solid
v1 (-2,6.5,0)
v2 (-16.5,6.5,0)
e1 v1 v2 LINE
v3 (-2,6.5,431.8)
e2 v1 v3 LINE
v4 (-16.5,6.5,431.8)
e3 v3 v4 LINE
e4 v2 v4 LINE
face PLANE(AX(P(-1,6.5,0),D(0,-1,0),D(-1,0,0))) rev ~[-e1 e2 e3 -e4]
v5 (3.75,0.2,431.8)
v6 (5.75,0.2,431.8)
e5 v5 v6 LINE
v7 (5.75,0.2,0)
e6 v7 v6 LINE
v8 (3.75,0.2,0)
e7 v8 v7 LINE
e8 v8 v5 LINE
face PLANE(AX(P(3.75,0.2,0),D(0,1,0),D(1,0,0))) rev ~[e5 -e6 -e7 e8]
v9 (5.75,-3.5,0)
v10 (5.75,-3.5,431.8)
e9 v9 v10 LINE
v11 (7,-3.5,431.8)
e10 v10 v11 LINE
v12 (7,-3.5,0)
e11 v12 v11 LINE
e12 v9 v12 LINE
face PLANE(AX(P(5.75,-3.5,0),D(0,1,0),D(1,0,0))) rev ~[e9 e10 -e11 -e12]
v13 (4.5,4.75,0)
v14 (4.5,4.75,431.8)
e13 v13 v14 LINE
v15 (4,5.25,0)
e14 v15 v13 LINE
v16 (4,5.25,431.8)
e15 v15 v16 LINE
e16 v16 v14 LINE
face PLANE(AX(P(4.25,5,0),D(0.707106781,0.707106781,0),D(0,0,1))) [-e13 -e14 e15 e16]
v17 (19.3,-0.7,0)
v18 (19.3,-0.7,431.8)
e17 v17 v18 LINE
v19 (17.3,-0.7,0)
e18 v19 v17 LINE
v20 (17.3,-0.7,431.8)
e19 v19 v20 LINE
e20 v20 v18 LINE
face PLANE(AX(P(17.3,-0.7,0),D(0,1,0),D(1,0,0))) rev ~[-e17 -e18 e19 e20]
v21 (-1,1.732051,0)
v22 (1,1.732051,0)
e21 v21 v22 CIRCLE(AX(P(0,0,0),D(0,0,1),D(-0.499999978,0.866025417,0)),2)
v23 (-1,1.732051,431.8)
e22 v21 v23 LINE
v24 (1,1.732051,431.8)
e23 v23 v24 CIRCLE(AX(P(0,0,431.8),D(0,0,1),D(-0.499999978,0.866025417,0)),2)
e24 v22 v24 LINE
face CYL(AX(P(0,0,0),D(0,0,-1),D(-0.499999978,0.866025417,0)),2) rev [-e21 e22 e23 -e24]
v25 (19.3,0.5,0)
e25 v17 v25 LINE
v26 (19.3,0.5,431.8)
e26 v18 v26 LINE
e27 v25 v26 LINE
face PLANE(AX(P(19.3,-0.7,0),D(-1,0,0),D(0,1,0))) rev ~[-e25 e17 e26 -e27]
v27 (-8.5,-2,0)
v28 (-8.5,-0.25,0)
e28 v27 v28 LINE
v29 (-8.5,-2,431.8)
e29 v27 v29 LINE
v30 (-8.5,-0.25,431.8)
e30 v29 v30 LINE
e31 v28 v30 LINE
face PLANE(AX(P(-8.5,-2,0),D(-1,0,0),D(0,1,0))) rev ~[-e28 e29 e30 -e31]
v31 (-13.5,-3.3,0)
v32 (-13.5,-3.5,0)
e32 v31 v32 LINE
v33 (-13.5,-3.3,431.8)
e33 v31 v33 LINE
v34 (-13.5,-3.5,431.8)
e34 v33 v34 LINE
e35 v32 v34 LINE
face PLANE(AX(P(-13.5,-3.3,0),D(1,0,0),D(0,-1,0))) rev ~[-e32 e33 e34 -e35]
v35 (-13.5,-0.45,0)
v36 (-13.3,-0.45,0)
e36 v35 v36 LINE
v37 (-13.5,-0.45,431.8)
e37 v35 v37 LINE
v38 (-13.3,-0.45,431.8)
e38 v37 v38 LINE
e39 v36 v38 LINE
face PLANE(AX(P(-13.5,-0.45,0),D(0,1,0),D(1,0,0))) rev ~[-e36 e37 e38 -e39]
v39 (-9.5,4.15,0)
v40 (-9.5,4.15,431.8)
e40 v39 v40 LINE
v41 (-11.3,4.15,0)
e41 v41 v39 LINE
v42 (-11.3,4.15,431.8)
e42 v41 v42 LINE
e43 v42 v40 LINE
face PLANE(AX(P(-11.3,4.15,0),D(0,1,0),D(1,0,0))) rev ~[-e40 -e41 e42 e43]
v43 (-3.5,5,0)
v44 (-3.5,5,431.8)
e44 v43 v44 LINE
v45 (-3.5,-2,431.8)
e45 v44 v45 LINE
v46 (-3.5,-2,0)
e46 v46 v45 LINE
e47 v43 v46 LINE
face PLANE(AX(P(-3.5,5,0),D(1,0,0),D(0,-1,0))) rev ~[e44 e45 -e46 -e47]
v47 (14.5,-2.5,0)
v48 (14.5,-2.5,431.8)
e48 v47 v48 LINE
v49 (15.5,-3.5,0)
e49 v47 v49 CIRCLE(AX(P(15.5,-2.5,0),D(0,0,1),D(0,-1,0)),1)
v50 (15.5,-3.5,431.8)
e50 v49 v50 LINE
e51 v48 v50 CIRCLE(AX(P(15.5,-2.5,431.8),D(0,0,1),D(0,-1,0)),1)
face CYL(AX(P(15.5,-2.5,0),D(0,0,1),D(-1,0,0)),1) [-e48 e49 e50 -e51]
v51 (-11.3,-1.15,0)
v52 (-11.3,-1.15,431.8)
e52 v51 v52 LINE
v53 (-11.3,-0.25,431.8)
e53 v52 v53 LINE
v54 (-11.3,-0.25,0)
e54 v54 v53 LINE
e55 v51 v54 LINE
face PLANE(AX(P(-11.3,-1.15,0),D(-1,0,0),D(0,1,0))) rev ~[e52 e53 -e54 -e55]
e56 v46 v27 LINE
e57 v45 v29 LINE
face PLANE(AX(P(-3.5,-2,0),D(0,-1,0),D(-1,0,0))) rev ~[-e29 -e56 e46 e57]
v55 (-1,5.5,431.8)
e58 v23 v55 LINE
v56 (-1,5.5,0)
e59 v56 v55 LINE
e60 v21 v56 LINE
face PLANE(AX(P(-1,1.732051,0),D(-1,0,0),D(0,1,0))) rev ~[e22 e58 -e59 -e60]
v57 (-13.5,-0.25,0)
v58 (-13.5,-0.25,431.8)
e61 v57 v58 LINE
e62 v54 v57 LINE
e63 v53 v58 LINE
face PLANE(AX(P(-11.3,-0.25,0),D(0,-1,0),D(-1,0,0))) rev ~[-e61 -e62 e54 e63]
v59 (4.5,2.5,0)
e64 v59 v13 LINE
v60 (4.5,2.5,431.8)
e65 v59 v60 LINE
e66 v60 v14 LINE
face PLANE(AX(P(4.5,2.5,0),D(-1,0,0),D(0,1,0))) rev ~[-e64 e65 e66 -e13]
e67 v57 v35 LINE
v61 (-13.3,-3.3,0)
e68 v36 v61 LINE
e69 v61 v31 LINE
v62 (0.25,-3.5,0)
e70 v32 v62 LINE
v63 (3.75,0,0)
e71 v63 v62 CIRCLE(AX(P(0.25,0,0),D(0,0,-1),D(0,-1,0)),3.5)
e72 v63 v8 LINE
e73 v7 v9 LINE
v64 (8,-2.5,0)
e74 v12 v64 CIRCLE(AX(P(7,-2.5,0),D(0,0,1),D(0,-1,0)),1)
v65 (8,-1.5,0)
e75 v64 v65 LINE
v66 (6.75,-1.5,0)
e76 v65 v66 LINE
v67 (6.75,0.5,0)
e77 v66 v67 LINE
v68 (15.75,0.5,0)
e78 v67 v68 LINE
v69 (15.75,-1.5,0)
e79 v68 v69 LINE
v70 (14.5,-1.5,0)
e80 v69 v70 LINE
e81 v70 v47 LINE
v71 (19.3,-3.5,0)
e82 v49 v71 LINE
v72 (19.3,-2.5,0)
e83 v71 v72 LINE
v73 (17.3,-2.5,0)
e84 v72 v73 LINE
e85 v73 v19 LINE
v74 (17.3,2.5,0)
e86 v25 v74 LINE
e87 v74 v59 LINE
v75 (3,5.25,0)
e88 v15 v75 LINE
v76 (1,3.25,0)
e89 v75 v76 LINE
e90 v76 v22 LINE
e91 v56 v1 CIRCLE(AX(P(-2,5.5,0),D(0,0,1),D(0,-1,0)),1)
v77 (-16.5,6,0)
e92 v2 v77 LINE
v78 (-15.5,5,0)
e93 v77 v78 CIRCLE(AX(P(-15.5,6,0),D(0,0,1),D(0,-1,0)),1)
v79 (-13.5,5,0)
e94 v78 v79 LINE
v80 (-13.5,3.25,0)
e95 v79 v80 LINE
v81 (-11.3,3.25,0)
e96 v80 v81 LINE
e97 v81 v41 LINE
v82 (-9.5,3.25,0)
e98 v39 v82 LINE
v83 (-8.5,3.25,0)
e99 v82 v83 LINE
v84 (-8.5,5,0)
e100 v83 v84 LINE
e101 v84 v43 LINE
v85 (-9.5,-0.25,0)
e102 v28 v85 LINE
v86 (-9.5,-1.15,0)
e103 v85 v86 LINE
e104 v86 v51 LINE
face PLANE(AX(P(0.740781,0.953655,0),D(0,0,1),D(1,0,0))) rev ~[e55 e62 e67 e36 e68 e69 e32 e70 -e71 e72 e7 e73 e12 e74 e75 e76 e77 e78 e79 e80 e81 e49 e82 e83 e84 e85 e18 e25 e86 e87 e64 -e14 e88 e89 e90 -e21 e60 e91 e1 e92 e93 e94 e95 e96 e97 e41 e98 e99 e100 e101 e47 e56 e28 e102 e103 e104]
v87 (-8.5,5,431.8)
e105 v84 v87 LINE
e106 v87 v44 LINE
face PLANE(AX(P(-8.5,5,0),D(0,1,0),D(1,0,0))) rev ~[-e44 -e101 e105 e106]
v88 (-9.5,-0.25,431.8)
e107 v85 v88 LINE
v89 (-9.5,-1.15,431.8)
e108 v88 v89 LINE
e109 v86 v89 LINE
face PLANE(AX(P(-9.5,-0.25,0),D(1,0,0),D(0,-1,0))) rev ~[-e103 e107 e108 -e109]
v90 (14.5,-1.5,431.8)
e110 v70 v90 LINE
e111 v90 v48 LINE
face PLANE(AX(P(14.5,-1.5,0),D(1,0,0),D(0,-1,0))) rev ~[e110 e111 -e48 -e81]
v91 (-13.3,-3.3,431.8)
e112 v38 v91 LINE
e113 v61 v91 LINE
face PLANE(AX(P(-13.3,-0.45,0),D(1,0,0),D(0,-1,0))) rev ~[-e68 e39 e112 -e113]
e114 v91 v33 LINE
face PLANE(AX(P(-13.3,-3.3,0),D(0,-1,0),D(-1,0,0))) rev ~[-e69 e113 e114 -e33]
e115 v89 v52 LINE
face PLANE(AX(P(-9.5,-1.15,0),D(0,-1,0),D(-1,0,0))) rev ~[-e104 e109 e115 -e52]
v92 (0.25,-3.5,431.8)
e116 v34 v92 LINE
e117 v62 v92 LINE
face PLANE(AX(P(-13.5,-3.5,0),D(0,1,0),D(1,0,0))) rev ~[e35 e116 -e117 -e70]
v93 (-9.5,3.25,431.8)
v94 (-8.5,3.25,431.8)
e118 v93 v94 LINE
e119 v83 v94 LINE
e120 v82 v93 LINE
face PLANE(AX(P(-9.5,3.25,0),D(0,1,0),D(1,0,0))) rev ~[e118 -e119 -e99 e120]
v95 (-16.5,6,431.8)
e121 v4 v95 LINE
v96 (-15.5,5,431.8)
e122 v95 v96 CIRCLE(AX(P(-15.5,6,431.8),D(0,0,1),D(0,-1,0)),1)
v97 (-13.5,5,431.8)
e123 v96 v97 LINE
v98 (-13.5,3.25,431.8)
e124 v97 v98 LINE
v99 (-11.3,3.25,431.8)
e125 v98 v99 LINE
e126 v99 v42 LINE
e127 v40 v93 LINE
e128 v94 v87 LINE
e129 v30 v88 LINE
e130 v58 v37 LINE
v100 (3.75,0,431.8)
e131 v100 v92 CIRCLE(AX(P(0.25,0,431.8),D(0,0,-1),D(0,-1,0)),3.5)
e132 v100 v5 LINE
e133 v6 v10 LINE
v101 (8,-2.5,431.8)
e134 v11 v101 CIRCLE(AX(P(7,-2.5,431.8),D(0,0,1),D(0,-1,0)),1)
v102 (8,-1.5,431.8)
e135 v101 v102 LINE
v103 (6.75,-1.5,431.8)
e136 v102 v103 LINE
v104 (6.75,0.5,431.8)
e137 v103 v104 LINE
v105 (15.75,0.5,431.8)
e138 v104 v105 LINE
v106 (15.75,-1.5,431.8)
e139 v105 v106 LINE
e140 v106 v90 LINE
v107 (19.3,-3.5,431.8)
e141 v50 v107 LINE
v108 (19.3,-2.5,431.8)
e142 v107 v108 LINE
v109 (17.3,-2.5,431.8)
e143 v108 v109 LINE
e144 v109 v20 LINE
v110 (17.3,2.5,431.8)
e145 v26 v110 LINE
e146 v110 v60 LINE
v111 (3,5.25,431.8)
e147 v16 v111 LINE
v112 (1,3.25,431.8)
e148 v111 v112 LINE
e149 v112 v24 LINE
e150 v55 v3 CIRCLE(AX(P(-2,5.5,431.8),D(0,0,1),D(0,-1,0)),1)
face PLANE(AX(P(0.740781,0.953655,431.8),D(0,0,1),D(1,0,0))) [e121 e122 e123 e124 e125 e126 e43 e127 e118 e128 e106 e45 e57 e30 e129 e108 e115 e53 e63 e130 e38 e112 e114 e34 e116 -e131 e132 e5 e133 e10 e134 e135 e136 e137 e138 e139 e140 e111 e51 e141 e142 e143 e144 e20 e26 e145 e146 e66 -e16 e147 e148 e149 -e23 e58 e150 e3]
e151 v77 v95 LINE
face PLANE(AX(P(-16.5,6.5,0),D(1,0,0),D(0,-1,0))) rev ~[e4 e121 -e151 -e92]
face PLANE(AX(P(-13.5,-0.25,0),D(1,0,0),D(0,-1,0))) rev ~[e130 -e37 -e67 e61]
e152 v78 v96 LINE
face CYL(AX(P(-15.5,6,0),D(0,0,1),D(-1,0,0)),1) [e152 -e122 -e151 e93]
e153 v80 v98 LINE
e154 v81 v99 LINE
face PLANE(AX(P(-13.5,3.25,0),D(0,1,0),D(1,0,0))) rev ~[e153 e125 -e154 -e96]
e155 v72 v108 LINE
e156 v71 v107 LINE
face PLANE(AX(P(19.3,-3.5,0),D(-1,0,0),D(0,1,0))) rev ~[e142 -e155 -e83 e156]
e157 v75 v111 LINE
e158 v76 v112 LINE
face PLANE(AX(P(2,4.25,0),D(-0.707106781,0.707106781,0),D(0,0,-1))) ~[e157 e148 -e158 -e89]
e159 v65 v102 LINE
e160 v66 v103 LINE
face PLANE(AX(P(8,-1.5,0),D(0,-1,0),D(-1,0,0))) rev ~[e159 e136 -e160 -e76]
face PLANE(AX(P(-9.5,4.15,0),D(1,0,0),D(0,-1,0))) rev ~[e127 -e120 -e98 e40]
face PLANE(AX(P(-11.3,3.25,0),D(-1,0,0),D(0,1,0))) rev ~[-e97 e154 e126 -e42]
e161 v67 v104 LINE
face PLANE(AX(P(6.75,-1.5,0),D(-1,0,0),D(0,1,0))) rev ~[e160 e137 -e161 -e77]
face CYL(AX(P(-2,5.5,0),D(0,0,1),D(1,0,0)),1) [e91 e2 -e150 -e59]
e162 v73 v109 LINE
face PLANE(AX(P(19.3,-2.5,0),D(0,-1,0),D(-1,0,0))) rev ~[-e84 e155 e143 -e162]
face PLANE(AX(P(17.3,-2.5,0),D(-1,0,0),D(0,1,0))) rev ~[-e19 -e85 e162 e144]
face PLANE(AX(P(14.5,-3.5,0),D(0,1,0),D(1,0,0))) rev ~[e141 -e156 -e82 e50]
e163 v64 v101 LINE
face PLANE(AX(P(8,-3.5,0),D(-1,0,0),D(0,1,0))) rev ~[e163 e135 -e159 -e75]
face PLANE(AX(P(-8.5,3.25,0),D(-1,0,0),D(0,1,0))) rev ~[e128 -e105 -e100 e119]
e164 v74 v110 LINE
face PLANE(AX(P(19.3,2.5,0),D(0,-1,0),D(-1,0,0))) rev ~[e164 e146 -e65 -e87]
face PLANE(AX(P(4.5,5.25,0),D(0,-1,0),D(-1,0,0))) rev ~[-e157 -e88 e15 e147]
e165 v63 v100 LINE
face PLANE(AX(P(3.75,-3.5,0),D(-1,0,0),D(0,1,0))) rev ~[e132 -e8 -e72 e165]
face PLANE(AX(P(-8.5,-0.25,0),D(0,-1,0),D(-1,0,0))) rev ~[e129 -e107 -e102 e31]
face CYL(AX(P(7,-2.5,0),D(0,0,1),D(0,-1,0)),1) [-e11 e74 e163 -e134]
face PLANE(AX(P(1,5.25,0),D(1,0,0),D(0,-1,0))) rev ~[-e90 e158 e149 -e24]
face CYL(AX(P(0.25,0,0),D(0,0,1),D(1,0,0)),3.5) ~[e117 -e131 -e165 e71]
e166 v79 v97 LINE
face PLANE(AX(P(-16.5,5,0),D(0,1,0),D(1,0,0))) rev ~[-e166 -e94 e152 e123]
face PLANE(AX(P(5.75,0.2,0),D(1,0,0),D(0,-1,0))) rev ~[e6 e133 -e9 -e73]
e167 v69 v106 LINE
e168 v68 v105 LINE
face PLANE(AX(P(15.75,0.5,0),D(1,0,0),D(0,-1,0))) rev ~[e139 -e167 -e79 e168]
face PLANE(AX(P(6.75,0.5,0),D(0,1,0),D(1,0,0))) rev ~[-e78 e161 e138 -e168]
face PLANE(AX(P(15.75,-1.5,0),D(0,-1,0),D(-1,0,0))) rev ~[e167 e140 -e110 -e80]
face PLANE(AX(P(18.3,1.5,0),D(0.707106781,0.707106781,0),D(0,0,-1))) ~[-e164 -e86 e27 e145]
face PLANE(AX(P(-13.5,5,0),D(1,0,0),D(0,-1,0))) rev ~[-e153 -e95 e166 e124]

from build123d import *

# Parameters (mm, degrees)
PAD_DEPTH       = 431.8
FILLET_R        = 1
CHAMFER_SIZE    = 0.5
CHAMFER001_SIZE = 2
FILLET001_R     = 3.5
FILLET002_R     = 1
CHAMFER002_SIZE = 2
FILLET003_R     = 1


with BuildPart() as part:
    # Sketch → Pad (new body)
    with BuildSketch(Plane.XY):
        with BuildLine():
            Line((-13.5, -3.5), (3.75, -3.5))
            Line((3.75, -3.5), (3.75, 0.2))
            Line((3.75, 0.2), (5.75, 0.2))
            Line((5.75, 0.2), (5.75, -3.5))
            Line((5.75, -3.5), (8, -3.5))
            Line((8, -3.5), (8, -1.5))
            Line((8, -1.5), (6.75, -1.5))
            Line((6.75, -1.5), (6.75, 0.5))
            Line((6.75, 0.5), (15.75, 0.5))
            Line((15.75, 0.5), (15.75, -1.5))
            Line((15.75, -1.5), (14.5, -1.5))
            Line((14.5, -1.5), (14.5, -3.5))
            Line((14.5, -3.5), (19.3, -3.5))
            Line((19.3, -3.5), (19.3, -2.5))
            Line((19.3, -2.5), (17.3, -2.5))
            Line((17.3, -2.5), (17.3, -0.7))
            Line((17.3, -0.7), (19.3, -0.7))
            Line((19.3, -0.7), (19.3, 2.5))
            Line((19.3, 2.5), (4.5, 2.5))
            Line((4.5, 2.5), (4.5, 5.25))
            Line((4.5, 5.25), (1, 5.25))
            Line((1, 5.25), (1, 1.732051))
            ThreePointArc((-1, 1.732051), (0, -2), (1, 1.732051))
            Line((-1, 1.732051), (-1, 6.5))
            Line((-1, 6.5), (-16.5, 6.5))
            Line((-16.5, 6.5), (-16.5, 5))
            Line((-16.5, 5), (-13.5, 5))
            Line((-13.5, 5), (-13.5, 3.25))
            Line((-13.5, 3.25), (-11.3, 3.25))
            Line((-11.3, 3.25), (-11.3, 4.15))
            Line((-11.3, 4.15), (-9.5, 4.15))
            Line((-9.5, 4.15), (-9.5, 3.25))
            Line((-9.5, 3.25), (-8.5, 3.25))
            Line((-8.5, 3.25), (-8.5, 5))
            Line((-8.5, 5), (-3.5, 5))
            Line((-3.5, 5), (-3.5, -2))
            Line((-3.5, -2), (-8.5, -2))
            Line((-8.5, -2), (-8.5, -0.25))
            Line((-8.5, -0.25), (-9.5, -0.25))
            Line((-9.5, -0.25), (-9.5, -1.15))
            Line((-9.5, -1.15), (-11.3, -1.15))
            Line((-11.3, -1.15), (-11.3, -0.25))
            Line((-11.3, -0.25), (-13.5, -0.25))
            Line((-13.5, -0.25), (-13.5, -0.45))
            Line((-13.5, -0.45), (-13.3, -0.45))
            Line((-13.3, -0.45), (-13.3, -3.3))
            Line((-13.3, -3.3), (-13.5, -3.3))
            Line((-13.5, -3.3), (-13.5, -3.5))
        make_face()
    extrude(amount=PAD_DEPTH)

    # Fillet
    fillet_edges = [part.edges().sort_by_distance(p)[0] for p in [
        (-1, 6.5, 215.9),
    ]]
    fillet(fillet_edges, radius=FILLET_R)

    # Chamfer
    chamfer_edges = [part.edges().sort_by_distance(p)[0] for p in [
        (4.5, 5.25, 215.9),
    ]]
    chamfer(chamfer_edges, length=CHAMFER_SIZE)

    # Chamfer001
    chamfer001_edges = [part.edges().sort_by_distance(p)[0] for p in [
        (1, 5.25, 215.9),
    ]]
    chamfer(chamfer001_edges, length=CHAMFER001_SIZE)

    # Fillet001
    fillet001_edges = [part.edges().sort_by_distance(p)[0] for p in [
        (3.75, -3.5, 215.9),
    ]]
    fillet(fillet001_edges, radius=FILLET001_R)

    # Fillet002
    fillet002_edges = [part.edges().sort_by_distance(p)[0] for p in [
        (8, -3.5, 215.9),
        (14.5, -3.5, 215.9),
    ]]
    fillet(fillet002_edges, radius=FILLET002_R)

    # Chamfer002
    chamfer002_edges = [part.edges().sort_by_distance(p)[0] for p in [
        (19.3, 2.5, 215.9),
    ]]
    chamfer(chamfer002_edges, length=CHAMFER002_SIZE)

    # Fillet003
    fillet003_edges = [part.edges().sort_by_distance(p)[0] for p in [
        (-16.5, 5, 215.9),
    ]]
    fillet(fillet003_edges, radius=FILLET003_R)


solid = part.part
